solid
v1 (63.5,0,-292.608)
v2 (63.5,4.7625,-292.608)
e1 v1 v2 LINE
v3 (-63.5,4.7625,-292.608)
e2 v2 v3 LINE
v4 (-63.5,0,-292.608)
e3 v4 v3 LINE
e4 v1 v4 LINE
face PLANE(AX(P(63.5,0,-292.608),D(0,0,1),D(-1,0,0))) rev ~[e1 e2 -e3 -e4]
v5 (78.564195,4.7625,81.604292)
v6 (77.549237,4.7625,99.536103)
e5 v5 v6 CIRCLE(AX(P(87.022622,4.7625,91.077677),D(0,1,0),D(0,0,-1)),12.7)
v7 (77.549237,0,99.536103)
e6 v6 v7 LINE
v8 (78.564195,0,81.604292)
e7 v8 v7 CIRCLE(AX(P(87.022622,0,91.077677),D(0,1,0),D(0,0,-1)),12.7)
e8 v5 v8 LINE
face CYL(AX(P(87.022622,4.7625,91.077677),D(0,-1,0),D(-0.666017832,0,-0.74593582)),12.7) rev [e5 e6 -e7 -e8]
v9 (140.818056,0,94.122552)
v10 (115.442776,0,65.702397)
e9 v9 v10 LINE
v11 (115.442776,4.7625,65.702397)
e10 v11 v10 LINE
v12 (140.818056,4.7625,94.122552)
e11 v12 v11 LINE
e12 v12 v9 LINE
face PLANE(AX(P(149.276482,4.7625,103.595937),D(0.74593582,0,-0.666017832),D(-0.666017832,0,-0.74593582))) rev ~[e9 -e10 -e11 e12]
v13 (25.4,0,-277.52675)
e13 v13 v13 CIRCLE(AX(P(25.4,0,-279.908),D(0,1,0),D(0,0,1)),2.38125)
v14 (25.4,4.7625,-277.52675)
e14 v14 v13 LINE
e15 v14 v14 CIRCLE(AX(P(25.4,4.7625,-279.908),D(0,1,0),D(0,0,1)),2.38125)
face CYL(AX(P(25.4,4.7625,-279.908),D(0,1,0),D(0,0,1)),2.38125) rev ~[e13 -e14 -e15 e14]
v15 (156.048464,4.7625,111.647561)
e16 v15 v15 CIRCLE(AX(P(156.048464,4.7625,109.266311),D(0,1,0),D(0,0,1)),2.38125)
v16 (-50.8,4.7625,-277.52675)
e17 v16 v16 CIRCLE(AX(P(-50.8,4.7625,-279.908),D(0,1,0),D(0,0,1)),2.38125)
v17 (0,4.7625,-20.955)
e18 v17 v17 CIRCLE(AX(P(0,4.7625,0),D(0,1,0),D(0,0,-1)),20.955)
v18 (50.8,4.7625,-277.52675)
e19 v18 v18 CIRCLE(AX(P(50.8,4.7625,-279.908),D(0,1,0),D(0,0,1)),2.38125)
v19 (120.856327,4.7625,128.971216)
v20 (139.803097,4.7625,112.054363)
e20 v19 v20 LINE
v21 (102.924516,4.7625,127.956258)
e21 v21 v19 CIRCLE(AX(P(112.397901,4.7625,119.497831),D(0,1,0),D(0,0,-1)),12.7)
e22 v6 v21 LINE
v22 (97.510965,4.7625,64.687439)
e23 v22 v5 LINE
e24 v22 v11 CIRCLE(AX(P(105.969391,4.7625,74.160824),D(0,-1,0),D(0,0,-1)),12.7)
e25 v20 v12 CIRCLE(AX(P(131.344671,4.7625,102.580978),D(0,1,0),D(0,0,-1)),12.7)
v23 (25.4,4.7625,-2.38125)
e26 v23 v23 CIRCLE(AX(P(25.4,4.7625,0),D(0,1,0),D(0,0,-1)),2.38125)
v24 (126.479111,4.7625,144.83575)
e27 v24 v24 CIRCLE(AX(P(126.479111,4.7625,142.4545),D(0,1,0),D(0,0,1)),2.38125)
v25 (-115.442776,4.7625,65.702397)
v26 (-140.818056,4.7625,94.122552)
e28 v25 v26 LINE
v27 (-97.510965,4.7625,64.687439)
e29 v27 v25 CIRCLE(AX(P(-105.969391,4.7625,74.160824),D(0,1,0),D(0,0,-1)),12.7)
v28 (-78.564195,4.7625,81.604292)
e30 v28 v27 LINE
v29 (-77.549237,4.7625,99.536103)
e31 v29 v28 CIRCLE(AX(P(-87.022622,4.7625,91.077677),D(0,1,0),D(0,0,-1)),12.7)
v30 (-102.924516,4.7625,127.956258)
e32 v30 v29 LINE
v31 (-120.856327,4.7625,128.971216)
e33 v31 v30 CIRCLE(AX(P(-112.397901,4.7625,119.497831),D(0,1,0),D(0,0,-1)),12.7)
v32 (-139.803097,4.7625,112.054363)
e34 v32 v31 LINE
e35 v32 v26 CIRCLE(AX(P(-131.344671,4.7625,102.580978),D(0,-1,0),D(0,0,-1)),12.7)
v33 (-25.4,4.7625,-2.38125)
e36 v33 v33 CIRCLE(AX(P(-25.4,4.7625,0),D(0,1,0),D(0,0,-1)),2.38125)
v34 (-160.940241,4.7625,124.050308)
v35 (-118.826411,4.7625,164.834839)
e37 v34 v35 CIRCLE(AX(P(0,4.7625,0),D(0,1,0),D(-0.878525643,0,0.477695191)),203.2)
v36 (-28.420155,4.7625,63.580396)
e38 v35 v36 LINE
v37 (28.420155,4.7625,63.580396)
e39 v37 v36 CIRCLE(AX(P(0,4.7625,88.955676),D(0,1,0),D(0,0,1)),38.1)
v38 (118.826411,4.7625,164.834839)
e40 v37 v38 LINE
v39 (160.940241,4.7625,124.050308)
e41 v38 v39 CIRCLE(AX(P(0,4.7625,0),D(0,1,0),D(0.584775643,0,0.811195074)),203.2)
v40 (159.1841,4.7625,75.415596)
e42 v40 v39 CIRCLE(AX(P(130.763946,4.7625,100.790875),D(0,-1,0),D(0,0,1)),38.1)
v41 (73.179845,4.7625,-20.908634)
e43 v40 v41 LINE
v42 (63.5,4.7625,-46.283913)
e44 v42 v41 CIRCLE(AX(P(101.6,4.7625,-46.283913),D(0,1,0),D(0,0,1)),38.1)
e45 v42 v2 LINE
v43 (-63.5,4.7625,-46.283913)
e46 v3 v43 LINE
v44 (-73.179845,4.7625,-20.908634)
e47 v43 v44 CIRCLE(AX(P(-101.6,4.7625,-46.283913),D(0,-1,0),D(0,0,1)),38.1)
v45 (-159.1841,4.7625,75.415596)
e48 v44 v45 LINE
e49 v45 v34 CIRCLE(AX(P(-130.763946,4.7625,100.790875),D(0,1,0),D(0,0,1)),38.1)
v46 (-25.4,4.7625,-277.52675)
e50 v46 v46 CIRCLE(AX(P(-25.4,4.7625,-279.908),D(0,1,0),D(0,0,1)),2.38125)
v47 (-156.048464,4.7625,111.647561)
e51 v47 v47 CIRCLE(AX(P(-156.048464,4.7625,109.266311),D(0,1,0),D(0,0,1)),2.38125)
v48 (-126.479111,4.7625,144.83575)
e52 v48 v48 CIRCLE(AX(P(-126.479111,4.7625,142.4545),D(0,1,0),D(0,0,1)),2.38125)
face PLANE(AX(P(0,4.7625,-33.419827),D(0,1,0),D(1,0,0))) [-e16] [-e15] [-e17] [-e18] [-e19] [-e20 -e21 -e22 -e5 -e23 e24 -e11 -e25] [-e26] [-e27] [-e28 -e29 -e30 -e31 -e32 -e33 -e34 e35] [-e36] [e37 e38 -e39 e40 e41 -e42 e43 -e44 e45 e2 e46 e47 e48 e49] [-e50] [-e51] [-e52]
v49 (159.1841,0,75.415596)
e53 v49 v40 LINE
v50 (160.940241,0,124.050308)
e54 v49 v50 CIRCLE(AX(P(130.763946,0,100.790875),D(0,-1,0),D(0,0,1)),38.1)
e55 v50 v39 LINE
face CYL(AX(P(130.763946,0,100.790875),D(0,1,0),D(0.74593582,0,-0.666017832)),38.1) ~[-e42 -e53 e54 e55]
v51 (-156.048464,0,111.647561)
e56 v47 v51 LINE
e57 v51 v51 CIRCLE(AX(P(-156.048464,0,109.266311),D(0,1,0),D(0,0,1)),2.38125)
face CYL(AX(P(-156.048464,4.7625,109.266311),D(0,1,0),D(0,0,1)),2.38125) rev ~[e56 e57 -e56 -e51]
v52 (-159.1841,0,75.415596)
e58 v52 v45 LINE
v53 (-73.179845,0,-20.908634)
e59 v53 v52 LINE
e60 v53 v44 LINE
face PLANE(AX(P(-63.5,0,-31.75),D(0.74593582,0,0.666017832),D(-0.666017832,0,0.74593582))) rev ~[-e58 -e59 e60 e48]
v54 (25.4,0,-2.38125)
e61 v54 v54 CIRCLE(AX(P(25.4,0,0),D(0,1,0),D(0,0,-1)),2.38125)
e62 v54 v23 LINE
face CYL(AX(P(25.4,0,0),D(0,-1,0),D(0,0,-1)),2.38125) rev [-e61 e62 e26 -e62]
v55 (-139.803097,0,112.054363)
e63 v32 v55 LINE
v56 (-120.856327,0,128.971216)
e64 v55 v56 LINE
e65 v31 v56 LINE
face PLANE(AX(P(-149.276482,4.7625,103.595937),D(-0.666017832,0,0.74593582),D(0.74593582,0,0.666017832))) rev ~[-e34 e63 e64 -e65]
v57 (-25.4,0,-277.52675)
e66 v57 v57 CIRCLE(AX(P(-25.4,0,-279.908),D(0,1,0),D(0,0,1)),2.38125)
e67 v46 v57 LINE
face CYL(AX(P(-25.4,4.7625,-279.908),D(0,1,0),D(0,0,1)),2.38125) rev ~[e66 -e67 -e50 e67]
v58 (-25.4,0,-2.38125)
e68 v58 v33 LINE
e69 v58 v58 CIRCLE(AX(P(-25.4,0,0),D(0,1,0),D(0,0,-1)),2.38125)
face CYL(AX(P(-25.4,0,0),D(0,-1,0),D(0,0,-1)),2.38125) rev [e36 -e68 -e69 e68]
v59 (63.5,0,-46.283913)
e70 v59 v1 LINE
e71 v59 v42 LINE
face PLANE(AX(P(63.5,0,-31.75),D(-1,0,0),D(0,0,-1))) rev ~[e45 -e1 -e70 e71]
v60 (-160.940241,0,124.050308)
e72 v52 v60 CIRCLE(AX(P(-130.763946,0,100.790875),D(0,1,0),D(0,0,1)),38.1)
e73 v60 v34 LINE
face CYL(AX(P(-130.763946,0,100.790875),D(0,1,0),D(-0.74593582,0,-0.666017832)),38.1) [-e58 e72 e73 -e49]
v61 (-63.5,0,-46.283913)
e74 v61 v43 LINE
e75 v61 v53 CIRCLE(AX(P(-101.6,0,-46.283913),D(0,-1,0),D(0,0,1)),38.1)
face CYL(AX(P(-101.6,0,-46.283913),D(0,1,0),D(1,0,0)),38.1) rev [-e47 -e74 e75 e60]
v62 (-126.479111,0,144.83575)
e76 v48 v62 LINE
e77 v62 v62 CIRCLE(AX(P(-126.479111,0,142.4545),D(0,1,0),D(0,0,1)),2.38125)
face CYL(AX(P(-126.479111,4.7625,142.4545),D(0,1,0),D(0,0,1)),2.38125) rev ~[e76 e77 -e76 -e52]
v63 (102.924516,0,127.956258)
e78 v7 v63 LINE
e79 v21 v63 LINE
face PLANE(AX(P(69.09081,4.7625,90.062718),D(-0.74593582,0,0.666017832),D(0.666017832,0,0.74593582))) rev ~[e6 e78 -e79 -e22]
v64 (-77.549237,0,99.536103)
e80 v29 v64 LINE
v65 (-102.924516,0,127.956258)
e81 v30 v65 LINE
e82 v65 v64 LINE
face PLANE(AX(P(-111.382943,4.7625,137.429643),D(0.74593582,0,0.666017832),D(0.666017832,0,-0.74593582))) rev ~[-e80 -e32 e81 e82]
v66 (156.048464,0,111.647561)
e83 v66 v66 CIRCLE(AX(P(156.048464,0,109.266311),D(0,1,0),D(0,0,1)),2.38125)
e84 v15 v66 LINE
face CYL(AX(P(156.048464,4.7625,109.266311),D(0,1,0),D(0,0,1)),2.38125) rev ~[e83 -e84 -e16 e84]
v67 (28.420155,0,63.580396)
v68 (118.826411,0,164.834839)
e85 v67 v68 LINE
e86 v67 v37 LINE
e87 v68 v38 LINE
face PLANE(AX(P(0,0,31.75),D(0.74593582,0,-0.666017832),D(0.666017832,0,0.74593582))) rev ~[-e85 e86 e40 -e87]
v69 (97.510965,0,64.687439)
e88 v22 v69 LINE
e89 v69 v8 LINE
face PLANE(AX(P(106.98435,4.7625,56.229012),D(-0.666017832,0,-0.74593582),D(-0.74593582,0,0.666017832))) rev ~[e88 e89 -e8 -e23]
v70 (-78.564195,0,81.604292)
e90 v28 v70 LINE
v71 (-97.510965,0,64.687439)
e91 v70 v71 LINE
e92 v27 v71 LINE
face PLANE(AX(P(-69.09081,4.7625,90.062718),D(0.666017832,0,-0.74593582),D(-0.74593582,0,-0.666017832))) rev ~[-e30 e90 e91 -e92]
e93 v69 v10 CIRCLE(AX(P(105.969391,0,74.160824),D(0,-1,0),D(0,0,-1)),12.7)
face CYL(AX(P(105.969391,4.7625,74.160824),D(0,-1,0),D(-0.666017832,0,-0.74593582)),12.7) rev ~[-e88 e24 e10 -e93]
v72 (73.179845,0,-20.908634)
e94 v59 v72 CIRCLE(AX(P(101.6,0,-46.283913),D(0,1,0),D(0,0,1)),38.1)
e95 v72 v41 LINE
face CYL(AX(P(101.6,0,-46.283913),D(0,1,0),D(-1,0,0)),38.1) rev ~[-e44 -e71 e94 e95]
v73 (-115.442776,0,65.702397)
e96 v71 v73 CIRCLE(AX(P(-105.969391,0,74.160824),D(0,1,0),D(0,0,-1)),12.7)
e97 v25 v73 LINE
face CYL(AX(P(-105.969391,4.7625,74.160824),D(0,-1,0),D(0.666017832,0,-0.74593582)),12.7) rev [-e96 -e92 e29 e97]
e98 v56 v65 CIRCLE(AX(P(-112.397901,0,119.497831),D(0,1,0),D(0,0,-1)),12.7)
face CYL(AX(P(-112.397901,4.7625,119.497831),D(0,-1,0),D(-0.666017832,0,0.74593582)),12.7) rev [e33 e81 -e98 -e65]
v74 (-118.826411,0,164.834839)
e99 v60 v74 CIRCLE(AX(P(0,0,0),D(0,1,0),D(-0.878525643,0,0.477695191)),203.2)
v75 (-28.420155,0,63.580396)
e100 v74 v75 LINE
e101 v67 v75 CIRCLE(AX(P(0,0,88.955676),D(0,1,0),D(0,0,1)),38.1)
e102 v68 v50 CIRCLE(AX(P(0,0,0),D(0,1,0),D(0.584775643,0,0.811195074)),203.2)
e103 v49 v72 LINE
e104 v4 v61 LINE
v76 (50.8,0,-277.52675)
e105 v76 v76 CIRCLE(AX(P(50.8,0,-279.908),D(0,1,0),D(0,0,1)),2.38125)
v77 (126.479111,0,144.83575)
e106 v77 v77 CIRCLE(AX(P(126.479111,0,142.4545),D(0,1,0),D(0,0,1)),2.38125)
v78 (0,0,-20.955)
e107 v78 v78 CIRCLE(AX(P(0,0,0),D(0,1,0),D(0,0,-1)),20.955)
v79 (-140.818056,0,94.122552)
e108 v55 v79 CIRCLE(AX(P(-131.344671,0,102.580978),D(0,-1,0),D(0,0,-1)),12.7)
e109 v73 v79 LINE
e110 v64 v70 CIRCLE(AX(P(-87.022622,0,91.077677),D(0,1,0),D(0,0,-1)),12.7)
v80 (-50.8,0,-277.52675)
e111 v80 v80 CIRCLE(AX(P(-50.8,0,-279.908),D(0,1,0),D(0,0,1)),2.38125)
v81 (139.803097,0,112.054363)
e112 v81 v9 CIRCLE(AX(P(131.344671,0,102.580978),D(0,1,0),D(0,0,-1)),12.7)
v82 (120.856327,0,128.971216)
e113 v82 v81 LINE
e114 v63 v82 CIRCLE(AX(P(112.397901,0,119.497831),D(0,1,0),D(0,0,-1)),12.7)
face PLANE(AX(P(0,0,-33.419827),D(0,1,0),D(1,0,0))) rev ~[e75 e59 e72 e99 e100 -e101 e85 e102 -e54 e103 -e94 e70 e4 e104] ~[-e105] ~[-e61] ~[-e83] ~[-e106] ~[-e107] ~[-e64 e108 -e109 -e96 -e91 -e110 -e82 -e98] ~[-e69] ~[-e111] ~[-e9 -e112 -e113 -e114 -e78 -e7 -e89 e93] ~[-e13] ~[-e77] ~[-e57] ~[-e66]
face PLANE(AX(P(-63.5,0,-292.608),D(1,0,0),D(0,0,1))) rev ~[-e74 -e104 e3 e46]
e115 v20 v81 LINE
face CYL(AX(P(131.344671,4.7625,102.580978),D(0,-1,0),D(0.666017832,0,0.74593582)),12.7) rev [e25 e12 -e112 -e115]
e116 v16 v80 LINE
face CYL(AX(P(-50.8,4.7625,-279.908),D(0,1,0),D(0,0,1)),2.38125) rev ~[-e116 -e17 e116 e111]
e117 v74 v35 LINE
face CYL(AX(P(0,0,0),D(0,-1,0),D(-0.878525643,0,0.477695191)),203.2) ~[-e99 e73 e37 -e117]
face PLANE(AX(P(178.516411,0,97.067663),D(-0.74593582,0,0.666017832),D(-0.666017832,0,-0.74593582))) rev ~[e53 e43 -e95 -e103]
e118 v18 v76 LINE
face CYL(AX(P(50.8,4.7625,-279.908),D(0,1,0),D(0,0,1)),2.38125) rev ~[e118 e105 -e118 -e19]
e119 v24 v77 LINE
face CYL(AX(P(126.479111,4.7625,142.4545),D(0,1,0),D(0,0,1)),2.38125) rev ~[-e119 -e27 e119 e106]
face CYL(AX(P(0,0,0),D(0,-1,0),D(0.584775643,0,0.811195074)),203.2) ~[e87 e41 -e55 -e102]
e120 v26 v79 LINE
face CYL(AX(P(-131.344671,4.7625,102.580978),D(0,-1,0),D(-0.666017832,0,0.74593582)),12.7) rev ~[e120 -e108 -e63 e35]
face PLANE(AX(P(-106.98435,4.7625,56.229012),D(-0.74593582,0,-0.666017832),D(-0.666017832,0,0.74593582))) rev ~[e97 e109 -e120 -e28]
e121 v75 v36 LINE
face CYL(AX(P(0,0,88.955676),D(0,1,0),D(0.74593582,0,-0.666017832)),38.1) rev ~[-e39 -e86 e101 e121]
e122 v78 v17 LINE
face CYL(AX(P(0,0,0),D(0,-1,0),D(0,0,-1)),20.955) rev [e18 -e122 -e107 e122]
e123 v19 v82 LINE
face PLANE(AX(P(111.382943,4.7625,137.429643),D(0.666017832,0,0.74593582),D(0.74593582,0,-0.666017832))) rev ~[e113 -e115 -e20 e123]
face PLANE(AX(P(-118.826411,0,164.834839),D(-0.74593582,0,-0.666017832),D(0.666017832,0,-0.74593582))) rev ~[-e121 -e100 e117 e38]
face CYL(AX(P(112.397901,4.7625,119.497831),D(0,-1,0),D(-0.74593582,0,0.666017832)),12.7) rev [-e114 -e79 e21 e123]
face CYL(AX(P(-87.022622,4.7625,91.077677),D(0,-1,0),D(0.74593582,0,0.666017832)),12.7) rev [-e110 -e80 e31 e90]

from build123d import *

# Parameters (mm, degrees)
SKETCH1_R           = 2.38125
SKETCH1_R_2         = 20.955
BOSS_EXTRUDE1_DEPTH = 4.7625
SKETCH2_R           = 2.38125
CUT_EXTRUDE1_DEPTH  = 343.797654481
FILLET1_R           = 38.1
SKETCH4_R           = 2.38125
CUT_EXTRUDE3_DEPTH  = 343.797654481
FILLET2_R           = 38.1
CUT_EXTRUDE4_DEPTH  = 338.871506933
FILLET3_R           = 12.7


with BuildPart() as part:
    # Sketch1 → Boss-Extrude1 (new body)
    with BuildSketch(Plane(origin=(0, 0, 0), x_dir=(1, 0, 0), z_dir=(0, 1, 0))):
        with BuildLine():
            Line((63.5, 31.75), (63.5, 292.608))
            Line((63.5, 292.608), (-63.5, 292.608))
            Line((-63.5, 292.608), (-63.5, 31.75))
            Line((-63.5, 31.75), (-178.516410583, -97.067662754))
            ThreePointArc((-178.516410583, -97.067662754), (-152.483723292, -134.309173667), (-118.826410583, -164.834838999))
            Line((-118.826410583, -164.834838999), (0, -31.75))
            Line((0, -31.75), (118.826410583, -164.834838999))
            ThreePointArc((118.826410583, -164.834838999), (152.483723292, -134.309173667), (178.516410583, -97.067662754))
            Line((178.516410583, -97.067662754), (63.5, 31.75))
        make_face()
        with Locations(Location((-25.4, 0, 0), (0, 0, 90))):
            Circle(SKETCH1_R, mode=Mode.SUBTRACT)
        with Locations(Location((0, 0, 0), (0, 0, 90))):
            Circle(SKETCH1_R_2, mode=Mode.SUBTRACT)
        with Locations(Location((25.4, 0, 0), (0, 0, 90))):
            Circle(SKETCH1_R, mode=Mode.SUBTRACT)
    extrude(amount=BOSS_EXTRUDE1_DEPTH)

    # Sketch2 → Cut-Extrude1 (cut, through all)
    with BuildSketch(Plane(origin=(0, 4.7625, 0), x_dir=(1, 0, 0), z_dir=(0, 1, 0))):
        with Locations(Location((25.4, 279.908, 0), (0, 0, 270))):
            Circle(SKETCH2_R)
        with Locations(Location((50.8, 279.908, 0), (0, 0, 270))):
            Circle(SKETCH2_R)
        with Locations(Location((-50.8, 279.908, 0), (0, 0, 270))):
            Circle(SKETCH2_R)
        with Locations(Location((-25.4, 279.908, 0), (0, 0, 270))):
            Circle(SKETCH2_R)
    extrude(amount=-CUT_EXTRUDE1_DEPTH, mode=Mode.SUBTRACT)

    # Fillet1
    fillet1_edges = [part.edges().sort_by_distance(p)[0] for p in [
        (63.5, 2.38125, -31.75),
        (0, 2.38125, 31.75),
        (-63.5, 2.38125, -31.75),
    ]]
    fillet(fillet1_edges, radius=FILLET1_R)

    # Sketch4 → Cut-Extrude3 (cut, through all)
    with BuildSketch(Plane(origin=(0, 4.7625, 0), x_dir=(1, 0, 0), z_dir=(0, 1, 0))):
        with Locations(Location((-156.048464437, -109.266311125, 0), (0, 0, 270))):
            Circle(SKETCH4_R)
        with Locations(Location((-126.479111192, -142.454499515, 0), (0, 0, 270))):
            Circle(SKETCH4_R)
        with Locations(Location((126.479111192, -142.454499515, 0), (0, 0, 270))):
            Circle(SKETCH4_R)
        with Locations(Location((156.048464437, -109.266311125, 0), (0, 0, 270))):
            Circle(SKETCH4_R)
    extrude(amount=-CUT_EXTRUDE3_DEPTH, mode=Mode.SUBTRACT)

    # Fillet2
    fillet2_edges = [part.edges().sort_by_distance(p)[0] for p in [
        (178.516410583, 2.38125, 97.067662754),
        (-178.516410583, 2.38125, 97.067662754),
    ]]
    fillet(fillet2_edges, radius=FILLET2_R)

    # Sketch5 → Cut-Extrude4 (cut, through all)
    with BuildSketch(Plane(origin=(0, 4.7625, 0), x_dir=(1, 0, 0), z_dir=(0, 1, 0))):
        Polygon((-149.276482194, -103.59593683), (-111.382942554, -137.429642709), (-69.090810204, -90.062718159), (-106.984349844, -56.22901228), align=None)
        Polygon((106.984349844, -56.22901228), (69.090810204, -90.062718159), (111.382942554, -137.429642709), (149.276482194, -103.59593683), align=None)
    extrude(amount=-CUT_EXTRUDE4_DEPTH, mode=Mode.SUBTRACT)

    # Fillet3
    fillet3_edges = [part.edges().sort_by_distance(p)[0] for p in [
        (-149.276482194, 2.38125, 103.59593683),
        (-106.984349844, 2.38125, 56.22901228),
        (-69.090810204, 2.38125, 90.062718159),
        (-111.382942554, 2.38125, 137.429642709),
        (106.984349844, 2.38125, 56.22901228),
        (149.276482194, 2.38125, 103.59593683),
        (111.382942554, 2.38125, 137.429642709),
        (69.090810204, 2.38125, 90.062718159),
    ]]
    fillet(fillet3_edges, radius=FILLET3_R)


solid = part.part
